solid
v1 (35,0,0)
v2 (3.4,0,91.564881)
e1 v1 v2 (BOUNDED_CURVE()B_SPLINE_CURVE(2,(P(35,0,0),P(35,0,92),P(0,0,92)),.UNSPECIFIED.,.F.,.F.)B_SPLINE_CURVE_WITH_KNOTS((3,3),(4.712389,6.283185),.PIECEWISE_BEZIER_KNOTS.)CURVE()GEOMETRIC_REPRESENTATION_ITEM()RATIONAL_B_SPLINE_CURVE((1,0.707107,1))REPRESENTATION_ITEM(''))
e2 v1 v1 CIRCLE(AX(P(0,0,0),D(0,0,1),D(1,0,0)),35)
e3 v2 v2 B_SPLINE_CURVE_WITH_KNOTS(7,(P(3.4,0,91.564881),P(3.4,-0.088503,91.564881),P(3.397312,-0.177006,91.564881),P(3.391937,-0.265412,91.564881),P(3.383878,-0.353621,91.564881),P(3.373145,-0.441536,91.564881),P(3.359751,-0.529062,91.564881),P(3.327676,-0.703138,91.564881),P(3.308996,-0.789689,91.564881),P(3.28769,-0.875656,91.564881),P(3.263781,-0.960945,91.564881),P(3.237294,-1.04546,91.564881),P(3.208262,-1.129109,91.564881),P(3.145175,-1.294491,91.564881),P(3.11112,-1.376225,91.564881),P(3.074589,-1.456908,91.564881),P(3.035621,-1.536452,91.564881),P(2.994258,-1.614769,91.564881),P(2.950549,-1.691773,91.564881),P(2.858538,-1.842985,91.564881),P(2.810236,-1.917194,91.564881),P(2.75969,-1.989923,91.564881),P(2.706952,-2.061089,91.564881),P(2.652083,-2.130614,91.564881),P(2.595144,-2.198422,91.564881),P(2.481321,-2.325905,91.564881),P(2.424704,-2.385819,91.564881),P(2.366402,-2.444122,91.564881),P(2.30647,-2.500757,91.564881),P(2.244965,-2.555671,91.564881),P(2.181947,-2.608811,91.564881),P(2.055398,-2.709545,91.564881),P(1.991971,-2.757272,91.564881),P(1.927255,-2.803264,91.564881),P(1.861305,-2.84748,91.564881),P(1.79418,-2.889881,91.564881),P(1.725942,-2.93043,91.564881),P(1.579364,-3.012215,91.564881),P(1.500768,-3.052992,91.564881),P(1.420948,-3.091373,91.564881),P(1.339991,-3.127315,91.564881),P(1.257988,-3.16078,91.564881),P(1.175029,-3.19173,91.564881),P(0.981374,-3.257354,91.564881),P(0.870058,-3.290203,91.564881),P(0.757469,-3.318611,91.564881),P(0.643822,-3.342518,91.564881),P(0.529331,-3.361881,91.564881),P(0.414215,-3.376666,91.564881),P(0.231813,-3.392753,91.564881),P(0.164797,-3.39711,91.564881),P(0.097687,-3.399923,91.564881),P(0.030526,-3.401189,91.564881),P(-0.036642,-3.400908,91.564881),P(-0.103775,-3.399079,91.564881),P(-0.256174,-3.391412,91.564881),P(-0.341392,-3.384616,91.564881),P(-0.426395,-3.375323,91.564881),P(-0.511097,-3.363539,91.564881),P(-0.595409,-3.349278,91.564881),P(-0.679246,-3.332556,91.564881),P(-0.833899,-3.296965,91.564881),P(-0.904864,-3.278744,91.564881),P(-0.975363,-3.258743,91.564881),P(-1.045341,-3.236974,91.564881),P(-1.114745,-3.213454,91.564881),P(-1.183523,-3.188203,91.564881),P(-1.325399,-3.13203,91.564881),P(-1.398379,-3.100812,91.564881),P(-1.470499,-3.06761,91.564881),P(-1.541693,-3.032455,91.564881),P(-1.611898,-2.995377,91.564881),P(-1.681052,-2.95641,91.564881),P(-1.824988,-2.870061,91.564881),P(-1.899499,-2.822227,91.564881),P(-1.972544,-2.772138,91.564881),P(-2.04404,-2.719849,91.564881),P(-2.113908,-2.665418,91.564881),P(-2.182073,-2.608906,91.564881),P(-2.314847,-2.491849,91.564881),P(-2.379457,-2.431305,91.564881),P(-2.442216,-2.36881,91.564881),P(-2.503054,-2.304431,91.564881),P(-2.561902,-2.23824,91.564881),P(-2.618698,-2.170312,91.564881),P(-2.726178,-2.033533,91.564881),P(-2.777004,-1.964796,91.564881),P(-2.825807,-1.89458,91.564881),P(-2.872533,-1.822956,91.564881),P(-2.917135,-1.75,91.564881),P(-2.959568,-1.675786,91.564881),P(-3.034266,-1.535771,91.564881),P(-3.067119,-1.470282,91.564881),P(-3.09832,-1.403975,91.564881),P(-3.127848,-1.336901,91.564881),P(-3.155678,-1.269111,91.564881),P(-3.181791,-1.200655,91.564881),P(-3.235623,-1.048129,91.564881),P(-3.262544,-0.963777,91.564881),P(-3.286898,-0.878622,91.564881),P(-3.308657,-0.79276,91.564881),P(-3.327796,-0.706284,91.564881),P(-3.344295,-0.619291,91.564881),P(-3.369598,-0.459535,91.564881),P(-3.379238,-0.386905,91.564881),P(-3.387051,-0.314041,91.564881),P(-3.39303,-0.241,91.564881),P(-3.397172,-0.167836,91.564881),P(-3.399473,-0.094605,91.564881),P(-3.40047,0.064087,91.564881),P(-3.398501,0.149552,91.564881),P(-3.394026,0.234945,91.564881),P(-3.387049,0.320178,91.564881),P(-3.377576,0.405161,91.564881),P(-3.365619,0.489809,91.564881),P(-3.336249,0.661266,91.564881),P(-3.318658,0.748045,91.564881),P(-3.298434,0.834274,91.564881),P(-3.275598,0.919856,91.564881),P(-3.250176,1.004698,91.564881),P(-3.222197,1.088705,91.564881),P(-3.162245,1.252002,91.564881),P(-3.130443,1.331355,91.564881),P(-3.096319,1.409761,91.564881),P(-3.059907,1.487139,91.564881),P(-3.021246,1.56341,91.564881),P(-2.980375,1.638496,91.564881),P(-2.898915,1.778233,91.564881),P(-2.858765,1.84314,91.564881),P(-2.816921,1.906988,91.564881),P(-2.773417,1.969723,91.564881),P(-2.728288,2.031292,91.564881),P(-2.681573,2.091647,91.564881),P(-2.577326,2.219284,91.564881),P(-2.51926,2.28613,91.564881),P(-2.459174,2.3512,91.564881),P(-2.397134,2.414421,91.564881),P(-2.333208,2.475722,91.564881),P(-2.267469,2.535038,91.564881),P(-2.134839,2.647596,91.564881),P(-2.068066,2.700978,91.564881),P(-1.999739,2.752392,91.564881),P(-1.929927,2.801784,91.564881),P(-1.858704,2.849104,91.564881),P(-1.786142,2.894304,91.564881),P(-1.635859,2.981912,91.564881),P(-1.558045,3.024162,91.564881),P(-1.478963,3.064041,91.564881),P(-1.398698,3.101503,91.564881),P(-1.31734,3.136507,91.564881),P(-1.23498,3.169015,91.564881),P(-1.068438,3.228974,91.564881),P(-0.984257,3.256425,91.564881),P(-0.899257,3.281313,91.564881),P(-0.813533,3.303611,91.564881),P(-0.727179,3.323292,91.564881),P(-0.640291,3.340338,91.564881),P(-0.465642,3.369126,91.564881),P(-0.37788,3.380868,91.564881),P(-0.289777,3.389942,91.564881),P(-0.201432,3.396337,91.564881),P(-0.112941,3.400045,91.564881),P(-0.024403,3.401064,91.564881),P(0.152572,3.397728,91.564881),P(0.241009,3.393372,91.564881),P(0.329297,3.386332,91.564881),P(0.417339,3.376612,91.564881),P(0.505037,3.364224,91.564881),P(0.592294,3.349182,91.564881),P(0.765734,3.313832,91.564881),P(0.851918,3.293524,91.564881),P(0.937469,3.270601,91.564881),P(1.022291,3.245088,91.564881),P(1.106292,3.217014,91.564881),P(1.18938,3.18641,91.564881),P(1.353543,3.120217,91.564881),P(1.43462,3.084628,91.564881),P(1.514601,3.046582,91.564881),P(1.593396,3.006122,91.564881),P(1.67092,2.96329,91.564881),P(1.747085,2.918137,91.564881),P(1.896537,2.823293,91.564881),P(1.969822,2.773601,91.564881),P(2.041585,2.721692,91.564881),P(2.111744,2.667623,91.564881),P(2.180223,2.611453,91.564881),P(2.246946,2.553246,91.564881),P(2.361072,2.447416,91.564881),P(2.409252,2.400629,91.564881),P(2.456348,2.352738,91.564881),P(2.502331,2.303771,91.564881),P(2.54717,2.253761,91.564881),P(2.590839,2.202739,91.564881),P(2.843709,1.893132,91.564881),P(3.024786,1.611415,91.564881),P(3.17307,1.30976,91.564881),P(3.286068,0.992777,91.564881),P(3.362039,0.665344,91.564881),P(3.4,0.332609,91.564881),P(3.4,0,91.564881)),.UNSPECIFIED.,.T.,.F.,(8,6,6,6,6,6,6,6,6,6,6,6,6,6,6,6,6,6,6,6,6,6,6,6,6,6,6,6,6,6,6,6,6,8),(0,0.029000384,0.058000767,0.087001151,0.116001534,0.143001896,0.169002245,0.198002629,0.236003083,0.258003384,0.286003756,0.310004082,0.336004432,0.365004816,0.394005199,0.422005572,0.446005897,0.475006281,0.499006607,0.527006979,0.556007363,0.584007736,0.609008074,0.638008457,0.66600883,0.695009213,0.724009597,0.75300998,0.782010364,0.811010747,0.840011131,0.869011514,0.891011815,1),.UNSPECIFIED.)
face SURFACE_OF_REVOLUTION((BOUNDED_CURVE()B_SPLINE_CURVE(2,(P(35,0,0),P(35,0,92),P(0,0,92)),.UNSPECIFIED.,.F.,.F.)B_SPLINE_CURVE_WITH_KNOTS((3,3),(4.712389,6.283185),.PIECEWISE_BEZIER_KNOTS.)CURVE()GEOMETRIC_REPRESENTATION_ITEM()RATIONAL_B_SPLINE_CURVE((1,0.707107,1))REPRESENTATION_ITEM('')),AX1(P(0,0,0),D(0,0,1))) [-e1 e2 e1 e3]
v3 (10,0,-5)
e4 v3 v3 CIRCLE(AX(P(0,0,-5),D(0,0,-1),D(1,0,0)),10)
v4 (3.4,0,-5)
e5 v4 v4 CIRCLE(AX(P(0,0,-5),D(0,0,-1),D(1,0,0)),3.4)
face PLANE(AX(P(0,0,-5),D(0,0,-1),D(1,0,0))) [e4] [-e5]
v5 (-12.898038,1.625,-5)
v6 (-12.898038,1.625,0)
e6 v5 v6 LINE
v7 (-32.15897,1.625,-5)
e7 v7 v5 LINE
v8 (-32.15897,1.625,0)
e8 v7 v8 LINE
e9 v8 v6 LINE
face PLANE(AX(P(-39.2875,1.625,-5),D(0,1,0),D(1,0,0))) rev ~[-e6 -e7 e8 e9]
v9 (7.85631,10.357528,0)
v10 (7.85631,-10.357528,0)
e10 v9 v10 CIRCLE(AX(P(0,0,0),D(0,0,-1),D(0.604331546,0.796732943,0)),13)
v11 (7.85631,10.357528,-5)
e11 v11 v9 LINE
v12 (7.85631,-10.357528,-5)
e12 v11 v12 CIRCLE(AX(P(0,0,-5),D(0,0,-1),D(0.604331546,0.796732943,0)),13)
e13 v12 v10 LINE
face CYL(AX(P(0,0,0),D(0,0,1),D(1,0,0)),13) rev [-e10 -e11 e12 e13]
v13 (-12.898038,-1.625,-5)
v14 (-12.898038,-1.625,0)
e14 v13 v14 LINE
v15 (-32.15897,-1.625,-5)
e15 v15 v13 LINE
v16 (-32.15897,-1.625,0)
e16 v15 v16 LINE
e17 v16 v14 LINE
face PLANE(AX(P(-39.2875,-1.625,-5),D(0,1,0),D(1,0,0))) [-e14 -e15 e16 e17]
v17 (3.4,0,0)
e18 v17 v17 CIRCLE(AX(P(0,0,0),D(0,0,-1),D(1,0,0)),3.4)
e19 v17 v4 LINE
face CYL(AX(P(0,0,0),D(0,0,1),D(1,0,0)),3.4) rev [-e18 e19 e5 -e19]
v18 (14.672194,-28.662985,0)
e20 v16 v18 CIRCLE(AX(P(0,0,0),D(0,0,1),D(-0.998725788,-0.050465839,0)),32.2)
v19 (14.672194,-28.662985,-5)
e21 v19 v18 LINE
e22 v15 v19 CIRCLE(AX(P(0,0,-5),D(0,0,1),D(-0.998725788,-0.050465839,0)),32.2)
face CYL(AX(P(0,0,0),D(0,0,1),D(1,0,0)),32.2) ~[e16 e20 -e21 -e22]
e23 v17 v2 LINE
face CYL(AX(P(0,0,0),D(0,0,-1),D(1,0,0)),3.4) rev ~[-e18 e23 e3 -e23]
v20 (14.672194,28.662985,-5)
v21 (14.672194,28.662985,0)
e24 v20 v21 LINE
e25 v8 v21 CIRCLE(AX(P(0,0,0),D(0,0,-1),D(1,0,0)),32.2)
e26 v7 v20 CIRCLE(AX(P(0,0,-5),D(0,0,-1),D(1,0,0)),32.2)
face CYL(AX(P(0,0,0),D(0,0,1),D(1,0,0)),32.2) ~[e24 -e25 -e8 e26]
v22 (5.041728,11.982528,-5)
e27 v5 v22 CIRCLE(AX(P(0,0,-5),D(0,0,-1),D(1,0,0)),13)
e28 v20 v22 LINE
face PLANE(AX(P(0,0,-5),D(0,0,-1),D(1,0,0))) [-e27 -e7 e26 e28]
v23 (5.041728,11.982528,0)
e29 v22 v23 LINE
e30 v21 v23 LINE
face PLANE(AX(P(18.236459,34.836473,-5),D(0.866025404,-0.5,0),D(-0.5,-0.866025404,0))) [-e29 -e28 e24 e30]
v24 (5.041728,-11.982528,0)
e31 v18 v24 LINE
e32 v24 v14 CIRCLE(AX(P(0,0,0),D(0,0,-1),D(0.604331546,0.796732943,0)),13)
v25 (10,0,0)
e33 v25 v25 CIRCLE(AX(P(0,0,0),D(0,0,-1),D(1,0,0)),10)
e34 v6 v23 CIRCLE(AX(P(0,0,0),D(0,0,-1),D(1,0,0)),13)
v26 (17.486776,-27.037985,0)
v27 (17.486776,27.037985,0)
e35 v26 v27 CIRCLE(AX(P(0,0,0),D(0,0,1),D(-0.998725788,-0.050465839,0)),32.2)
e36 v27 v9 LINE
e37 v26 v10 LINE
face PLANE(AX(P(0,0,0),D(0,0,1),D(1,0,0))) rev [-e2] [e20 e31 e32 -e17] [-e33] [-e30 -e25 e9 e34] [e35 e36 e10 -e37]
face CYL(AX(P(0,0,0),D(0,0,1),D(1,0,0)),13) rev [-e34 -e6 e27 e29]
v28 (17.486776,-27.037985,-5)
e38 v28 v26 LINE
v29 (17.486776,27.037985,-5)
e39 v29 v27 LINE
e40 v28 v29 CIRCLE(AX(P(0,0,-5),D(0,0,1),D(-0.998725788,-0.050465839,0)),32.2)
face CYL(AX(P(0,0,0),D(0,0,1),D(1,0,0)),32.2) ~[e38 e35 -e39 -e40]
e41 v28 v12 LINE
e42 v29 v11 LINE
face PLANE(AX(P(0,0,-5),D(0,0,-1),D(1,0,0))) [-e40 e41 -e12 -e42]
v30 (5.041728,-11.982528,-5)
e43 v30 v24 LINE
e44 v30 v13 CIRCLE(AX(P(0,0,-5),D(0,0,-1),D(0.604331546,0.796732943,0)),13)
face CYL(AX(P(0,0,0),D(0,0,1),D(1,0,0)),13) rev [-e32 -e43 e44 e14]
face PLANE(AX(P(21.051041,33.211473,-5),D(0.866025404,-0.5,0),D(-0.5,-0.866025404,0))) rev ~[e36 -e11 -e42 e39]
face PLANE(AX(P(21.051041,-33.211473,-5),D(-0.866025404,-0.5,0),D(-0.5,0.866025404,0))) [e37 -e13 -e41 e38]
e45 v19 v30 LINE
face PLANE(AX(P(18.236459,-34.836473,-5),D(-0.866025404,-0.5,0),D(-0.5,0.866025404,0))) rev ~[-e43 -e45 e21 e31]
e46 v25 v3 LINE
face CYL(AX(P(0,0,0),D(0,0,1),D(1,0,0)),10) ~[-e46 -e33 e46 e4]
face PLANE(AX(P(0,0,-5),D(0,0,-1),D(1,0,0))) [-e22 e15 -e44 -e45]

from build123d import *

# Parameters (mm, degrees)
SKETCH002_R          = 10
PAD_DEPTH            = 5
SKETCH003_R          = 32.2
SKETCH003_R_2        = 13
PAD001_DEPTH         = 5
SKETCH004_W          = 28.033752
SKETCH004_H          = 3.25
POCKET_DEPTH         = 5
POLARPATTERN_COUNT   = 3
SKETCH001_R          = 3.4
POCKET001_DEPTH      = 200
POCKET001_DEPTH_BACK = -5


with BuildPart() as part:
    # Sketch → Revolution (revolve)
    with BuildSketch(Plane.XZ):
        with BuildLine():
            add(Edge.make_bspline(
                [(35, 0), (35, 92), (0, 92)],
                knots=[4.712389, 4.712389, 4.712389, 6.283185, 6.283185, 6.283185], degree=2, weights=[1, 0.707107, 1]))
            Line((0, 92), (0, 0))
            Line((0, 0), (35, 0))
        make_face()
    revolve(axis=Axis((0, 0, 0), (0, 0, 1)))

    # Sketch002 (on Face2 of Revolution) → Pad (new body)
    with BuildSketch(Plane(origin=(0, 0, 0), x_dir=(1, 0, 0), z_dir=(0, 0, -1))):
        Circle(SKETCH002_R)
    extrude(amount=PAD_DEPTH)

    # Sketch003 (on Face2 of Pad) → Pad001 (join)
    with BuildSketch(Plane(origin=(0, 0, 0), x_dir=(1, 0, 0), z_dir=(0, 0, -1))):
        Circle(SKETCH003_R)
        Circle(SKETCH003_R_2, mode=Mode.SUBTRACT)
    extrude(amount=PAD001_DEPTH)

    # Sketch004 (on Face4 of Pad001) → Pocket (cut)
    with BuildSketch(Plane(origin=(0, 0, -5), x_dir=(1, 0, 0), z_dir=(0, 0, -1))):
        with Locations((-25.270624, 0)):
            Rectangle(SKETCH004_W, SKETCH004_H)
    pocket = extrude(amount=-POCKET_DEPTH, mode=Mode.SUBTRACT)

    # PolarPattern: Pocket ×3 about axis
    polarpattern_axis = Axis((0, 0, -5), (0, 0, -1))
    for i in range(1, POLARPATTERN_COUNT):
        add(pocket.rotate(polarpattern_axis, i * 360 / POLARPATTERN_COUNT), mode=Mode.SUBTRACT)

    # Sketch001 (on Face2 of Revolution) → Pocket001 (cut, two sides)
    with BuildSketch(Plane(origin=(0, 0, 0), x_dir=(1, 0, 0), z_dir=(0, 0, -1))) as pocket001_sk:
        Circle(SKETCH001_R)
    extrude(amount=-POCKET001_DEPTH, mode=Mode.SUBTRACT)
    extrude(pocket001_sk.sketch, amount=-POCKET001_DEPTH_BACK, mode=Mode.SUBTRACT)


solid = part.part
